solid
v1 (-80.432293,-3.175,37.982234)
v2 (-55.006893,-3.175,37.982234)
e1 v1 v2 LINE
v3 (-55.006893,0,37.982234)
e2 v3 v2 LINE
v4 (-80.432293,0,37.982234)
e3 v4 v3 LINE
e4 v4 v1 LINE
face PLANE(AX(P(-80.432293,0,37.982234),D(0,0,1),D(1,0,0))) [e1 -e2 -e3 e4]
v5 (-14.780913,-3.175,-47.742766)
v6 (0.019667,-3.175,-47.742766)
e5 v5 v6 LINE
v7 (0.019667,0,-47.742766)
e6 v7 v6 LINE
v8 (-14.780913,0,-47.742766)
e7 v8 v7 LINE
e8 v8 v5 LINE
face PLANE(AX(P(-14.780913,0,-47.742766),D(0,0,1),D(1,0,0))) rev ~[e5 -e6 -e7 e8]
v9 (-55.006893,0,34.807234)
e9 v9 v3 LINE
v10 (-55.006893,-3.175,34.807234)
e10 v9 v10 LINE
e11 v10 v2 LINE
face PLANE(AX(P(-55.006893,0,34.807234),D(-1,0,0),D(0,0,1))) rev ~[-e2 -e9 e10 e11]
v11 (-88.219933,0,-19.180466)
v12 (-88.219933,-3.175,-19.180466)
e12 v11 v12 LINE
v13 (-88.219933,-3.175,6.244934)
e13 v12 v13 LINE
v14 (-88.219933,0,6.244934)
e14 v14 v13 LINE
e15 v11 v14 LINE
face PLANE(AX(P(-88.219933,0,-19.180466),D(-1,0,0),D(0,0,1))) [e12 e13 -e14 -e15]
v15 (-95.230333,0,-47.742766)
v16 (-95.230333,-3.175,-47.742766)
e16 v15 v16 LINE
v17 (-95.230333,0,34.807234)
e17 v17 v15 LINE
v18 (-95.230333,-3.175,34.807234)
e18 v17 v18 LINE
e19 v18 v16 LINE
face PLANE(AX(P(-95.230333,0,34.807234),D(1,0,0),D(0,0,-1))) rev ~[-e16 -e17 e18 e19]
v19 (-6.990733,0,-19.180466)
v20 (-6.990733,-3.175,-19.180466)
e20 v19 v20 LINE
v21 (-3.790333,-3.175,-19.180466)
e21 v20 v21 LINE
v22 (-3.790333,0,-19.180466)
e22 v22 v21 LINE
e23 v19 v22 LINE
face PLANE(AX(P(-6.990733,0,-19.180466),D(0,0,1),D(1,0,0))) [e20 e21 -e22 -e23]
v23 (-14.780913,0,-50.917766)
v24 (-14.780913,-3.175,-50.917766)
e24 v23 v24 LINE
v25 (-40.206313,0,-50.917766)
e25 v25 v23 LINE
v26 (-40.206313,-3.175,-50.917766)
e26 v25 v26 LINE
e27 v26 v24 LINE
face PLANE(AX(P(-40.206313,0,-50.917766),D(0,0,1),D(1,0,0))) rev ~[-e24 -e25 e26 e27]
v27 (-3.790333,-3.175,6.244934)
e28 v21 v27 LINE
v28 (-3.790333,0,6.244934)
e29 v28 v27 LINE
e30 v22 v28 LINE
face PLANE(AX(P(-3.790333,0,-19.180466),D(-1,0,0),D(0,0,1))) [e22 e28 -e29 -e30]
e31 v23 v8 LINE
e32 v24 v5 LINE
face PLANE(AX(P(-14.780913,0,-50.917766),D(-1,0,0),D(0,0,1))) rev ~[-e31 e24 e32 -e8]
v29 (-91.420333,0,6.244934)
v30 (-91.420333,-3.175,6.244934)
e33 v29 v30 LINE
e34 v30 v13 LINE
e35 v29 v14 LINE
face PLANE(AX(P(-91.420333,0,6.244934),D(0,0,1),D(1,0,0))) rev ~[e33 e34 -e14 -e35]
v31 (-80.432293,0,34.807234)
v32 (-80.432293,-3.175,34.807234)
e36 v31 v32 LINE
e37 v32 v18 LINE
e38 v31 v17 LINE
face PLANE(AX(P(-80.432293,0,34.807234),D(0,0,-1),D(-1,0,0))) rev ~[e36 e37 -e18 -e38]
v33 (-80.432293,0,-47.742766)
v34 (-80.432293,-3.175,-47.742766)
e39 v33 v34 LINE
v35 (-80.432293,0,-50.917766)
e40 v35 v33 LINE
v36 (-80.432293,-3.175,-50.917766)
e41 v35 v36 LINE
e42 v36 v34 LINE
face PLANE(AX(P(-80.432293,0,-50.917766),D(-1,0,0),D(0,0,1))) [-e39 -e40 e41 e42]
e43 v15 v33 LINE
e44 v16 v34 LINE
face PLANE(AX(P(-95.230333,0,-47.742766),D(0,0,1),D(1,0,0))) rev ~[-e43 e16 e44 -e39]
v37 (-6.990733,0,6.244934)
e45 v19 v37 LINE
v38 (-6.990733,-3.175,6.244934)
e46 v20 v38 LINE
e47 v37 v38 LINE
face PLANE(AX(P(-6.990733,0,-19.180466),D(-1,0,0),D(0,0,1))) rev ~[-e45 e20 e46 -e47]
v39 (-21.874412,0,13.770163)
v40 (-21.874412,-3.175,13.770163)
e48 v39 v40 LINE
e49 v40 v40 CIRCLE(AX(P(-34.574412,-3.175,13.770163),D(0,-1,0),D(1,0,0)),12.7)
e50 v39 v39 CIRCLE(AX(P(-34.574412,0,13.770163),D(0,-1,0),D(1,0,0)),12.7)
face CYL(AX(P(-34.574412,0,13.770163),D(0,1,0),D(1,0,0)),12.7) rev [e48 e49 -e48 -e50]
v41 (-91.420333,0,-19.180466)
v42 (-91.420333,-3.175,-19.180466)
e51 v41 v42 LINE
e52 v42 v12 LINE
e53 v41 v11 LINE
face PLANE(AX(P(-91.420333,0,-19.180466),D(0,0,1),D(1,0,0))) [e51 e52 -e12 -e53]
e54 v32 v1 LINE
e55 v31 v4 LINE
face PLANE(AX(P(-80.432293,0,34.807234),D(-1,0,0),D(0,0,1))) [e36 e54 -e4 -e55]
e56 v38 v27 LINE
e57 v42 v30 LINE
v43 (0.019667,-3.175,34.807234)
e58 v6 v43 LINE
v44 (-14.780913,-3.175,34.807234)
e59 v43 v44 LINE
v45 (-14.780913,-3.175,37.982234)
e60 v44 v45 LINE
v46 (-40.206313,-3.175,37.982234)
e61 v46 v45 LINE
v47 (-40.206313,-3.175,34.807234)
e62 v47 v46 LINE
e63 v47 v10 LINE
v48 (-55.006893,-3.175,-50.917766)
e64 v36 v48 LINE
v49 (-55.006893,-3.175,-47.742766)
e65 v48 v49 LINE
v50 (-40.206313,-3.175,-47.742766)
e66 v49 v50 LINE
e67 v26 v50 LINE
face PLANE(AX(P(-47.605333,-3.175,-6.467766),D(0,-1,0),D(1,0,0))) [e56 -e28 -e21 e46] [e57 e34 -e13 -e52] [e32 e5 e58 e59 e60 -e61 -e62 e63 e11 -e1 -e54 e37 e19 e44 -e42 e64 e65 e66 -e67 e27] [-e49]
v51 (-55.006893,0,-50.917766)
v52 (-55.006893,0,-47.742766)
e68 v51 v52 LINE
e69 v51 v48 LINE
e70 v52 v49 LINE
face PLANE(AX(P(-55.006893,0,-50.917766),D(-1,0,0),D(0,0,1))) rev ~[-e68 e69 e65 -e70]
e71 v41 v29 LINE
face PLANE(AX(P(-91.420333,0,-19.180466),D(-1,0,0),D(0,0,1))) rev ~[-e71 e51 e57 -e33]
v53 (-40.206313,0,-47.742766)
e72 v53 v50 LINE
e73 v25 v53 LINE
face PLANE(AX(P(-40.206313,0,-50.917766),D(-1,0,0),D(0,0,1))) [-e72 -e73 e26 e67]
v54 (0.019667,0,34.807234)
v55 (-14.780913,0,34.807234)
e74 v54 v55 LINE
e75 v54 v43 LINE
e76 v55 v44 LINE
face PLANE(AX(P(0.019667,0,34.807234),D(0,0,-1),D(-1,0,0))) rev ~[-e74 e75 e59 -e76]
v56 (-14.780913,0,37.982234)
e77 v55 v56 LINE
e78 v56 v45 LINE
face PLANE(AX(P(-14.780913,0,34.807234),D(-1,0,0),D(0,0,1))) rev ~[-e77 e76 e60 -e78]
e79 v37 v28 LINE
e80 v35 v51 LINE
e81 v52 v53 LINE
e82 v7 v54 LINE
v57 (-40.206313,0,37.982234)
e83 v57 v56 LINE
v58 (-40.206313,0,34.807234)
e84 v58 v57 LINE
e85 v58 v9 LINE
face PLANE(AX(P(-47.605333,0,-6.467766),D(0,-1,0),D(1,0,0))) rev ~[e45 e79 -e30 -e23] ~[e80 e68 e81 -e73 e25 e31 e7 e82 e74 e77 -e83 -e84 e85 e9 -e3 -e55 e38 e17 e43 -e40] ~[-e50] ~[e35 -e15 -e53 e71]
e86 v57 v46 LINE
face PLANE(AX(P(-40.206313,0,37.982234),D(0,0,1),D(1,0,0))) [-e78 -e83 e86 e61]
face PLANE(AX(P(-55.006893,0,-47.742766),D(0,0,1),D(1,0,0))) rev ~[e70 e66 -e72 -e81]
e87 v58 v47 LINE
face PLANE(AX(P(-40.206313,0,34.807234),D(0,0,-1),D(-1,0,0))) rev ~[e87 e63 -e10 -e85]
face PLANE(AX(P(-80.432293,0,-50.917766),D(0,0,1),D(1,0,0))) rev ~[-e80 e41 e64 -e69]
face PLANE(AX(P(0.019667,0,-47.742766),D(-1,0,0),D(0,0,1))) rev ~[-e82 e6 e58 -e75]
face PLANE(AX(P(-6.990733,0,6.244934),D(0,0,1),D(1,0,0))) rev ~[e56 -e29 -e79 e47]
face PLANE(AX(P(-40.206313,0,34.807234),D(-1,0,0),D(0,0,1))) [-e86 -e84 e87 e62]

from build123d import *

# Parameters (mm, degrees)
F0_W     = 3.2004
F0_H     = 25.4254
F0_R     = 12.7
F0_W_2   = 25.4254
F0_H_2   = 3.175
F1_DEPTH = 3.175


with BuildPart() as f1:
    # F0 (on Front) → F1 (new body)
    with BuildSketch(Plane.XZ):
        Polygon((-80.432293, 34.807234), (-95.230333, 34.807234), (-95.230333, -47.742766), (-80.432293, -47.742766), (-55.006893, -47.742766), (-40.206313, -47.742766), (-14.780913, -47.742766), (0.019667, -47.742766), (0.019667, 34.807234), (-14.780913, 34.807234), (-40.206313, 34.807234), (-55.006893, 34.807234), align=None)
        with Locations((-89.820133, -6.467766)):
            Rectangle(F0_W, F0_H, mode=Mode.SUBTRACT)
        with Locations((-34.574412, 13.770163)):
            Circle(F0_R, mode=Mode.SUBTRACT)
        with Locations((-5.390533, -6.467766)):
            Rectangle(F0_W, F0_H, mode=Mode.SUBTRACT)
        with Locations((-67.719593, 36.394734)):
            Rectangle(F0_W_2, F0_H_2)
        with Locations((-27.493613, 36.394734)):
            Rectangle(F0_W_2, F0_H_2)
        with Locations((-27.493613, -49.330266)):
            Rectangle(F0_W_2, F0_H_2)
        with Locations((-67.719593, -49.330266)):
            Rectangle(F0_W_2, F0_H_2)
    extrude(amount=F1_DEPTH)


solid = f1.part
